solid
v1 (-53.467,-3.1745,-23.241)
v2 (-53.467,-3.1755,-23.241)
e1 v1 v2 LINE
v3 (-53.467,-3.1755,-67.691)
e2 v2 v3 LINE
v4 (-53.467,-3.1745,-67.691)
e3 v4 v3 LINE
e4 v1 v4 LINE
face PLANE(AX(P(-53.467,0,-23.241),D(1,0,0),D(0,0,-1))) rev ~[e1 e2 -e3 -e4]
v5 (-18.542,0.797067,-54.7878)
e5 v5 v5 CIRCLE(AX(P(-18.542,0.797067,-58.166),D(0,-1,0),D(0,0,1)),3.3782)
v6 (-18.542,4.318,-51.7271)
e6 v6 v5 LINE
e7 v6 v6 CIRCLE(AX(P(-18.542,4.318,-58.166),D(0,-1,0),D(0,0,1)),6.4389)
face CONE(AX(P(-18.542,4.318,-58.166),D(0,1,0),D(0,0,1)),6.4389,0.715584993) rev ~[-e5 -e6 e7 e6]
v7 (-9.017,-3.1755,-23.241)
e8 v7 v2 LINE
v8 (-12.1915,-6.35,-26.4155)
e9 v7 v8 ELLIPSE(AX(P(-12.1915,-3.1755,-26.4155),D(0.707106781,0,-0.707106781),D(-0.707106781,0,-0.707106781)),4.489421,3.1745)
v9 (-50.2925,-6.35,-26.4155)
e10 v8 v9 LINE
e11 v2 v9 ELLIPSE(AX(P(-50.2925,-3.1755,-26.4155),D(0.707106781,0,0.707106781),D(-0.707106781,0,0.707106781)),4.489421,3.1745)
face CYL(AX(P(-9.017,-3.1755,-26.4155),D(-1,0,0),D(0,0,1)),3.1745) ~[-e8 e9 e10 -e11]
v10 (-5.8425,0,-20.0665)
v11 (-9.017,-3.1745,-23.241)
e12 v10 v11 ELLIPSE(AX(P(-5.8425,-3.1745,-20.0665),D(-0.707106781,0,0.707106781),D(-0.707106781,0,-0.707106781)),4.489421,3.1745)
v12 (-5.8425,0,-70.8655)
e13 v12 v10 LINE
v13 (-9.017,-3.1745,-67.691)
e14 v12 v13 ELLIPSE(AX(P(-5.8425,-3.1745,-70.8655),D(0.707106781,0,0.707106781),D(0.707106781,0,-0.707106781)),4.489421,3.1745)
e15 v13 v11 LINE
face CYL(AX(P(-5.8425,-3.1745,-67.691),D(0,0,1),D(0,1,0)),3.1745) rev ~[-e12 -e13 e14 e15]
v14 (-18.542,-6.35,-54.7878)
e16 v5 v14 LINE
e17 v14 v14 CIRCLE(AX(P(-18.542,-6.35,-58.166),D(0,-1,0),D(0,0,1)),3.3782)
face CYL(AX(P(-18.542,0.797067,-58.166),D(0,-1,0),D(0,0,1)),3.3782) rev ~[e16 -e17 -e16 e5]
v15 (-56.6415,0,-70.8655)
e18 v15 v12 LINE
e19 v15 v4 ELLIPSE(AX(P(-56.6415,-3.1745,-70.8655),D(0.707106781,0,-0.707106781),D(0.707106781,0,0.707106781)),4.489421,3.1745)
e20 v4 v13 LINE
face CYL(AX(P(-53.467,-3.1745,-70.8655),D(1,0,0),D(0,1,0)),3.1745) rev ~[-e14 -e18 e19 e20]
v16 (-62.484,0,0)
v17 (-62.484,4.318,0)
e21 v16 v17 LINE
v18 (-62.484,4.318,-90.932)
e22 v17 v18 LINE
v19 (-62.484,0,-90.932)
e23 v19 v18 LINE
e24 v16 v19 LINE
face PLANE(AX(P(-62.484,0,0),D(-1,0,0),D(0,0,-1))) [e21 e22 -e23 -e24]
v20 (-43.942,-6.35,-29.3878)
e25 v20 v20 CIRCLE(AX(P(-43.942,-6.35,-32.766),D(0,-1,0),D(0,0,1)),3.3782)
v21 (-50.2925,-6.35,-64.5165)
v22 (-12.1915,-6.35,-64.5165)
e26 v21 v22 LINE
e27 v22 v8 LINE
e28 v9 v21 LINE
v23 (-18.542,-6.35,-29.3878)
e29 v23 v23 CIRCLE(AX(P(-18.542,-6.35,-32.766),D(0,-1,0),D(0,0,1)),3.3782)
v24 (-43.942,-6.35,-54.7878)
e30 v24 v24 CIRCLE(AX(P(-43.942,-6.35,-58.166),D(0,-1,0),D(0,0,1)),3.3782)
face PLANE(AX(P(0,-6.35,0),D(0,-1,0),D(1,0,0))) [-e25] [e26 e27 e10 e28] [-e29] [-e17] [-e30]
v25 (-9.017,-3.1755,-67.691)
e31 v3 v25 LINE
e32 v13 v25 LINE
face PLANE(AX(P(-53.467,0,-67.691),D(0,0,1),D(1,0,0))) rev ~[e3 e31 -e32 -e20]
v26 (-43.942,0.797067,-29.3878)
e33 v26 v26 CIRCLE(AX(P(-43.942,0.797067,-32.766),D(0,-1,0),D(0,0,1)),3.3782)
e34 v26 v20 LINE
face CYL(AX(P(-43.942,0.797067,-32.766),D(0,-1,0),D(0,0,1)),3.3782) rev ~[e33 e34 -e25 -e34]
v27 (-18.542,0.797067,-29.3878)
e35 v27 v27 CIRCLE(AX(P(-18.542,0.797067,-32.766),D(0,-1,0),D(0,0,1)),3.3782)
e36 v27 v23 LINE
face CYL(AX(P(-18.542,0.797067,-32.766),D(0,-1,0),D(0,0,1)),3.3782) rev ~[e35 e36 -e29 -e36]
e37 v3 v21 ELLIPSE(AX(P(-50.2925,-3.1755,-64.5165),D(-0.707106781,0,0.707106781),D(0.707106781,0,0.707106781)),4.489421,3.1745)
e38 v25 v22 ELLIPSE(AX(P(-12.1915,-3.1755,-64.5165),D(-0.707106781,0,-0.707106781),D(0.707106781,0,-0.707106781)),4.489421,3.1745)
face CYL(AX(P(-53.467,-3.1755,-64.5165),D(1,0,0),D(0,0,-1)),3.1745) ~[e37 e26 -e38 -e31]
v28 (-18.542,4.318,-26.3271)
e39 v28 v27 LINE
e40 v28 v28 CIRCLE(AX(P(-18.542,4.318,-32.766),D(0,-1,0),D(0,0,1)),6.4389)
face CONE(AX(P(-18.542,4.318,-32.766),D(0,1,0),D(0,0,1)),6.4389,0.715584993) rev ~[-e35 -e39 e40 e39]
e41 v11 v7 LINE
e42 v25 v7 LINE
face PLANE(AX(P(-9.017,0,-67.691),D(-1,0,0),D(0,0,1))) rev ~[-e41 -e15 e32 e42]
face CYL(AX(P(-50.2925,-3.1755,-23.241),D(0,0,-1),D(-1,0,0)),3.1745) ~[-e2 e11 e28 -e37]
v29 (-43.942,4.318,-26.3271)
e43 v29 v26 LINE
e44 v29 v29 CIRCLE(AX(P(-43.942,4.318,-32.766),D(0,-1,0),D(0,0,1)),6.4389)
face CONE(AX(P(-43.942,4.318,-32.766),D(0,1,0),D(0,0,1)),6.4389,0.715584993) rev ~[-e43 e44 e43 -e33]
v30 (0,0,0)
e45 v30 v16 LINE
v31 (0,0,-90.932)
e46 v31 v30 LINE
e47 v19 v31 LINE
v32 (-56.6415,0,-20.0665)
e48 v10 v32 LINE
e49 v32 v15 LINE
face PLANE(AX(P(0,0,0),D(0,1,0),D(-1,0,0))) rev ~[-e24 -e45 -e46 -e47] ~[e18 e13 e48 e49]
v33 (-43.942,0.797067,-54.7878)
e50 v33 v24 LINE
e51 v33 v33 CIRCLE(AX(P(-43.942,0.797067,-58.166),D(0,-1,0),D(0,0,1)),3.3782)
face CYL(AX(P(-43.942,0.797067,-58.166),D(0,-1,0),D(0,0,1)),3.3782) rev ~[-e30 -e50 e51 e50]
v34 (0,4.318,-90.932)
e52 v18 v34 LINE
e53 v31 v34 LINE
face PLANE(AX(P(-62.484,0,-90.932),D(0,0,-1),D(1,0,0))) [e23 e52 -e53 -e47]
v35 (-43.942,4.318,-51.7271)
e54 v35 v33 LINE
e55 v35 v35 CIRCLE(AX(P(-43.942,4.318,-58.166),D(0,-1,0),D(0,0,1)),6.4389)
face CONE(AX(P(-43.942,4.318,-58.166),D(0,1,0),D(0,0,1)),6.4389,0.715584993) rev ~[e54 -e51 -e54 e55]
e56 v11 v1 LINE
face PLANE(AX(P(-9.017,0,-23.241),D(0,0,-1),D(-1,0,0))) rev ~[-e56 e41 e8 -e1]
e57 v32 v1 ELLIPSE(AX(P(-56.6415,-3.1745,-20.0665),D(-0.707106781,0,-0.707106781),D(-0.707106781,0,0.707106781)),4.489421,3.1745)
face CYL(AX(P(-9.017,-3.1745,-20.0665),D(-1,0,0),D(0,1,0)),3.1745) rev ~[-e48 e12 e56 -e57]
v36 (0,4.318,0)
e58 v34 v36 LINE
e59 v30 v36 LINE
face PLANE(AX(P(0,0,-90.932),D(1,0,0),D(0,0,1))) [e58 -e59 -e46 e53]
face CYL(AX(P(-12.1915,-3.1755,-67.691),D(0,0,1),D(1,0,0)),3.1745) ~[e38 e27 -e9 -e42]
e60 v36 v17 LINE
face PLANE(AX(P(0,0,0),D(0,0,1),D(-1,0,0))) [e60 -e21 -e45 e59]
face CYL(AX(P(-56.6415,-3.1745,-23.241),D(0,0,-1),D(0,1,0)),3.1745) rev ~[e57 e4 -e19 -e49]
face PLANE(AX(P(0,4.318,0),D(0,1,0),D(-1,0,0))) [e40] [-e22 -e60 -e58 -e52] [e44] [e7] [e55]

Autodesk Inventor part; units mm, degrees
ref_plane "YZ Plane" through (0, 0, 0) normal (1, 0, 0) x (0, 1, 0)
ref_plane "XZ Plane" through (0, 0, 0) normal (0, 1, 0) x (-1, 0, 0)
ref_plane "XY Plane" through (0, 0, 0) normal (0, 0, 1) x (1, 0, 0)
sketch "Sketch1" plane through (0, 0, 0) normal (0, 1, 0) x (-1, 0, 0)
  line L0 (0, 0) -> (62.484, 0)
  line L1 (62.484, 0) -> (62.484, -90.932)
  line L2 (62.484, -90.932) -> (0, -90.932)
  line L3 (0, -90.932) -> (0, 0)
  dimension "d0" = 62.484
  dimension "d1" = 90.932
extrude "Extrusion1" add sketch "Sketch1" along normal blind 4.318
sketch "Sketch3" plane through (0, 0, 0) normal (0, -1, 0) x (1, 0, 0)
  line L0 (0, 0) -> (0, -90.932) projected
  line L1 (-62.484, -90.932) -> (-62.484, 0) projected
  line L2 (-62.484, 0) -> (0, 0) projected
  line L3 (0, -90.932) -> (-62.484, -90.932) projected
  line L4 (-9.017, -23.241) -> (-53.467, -23.241)
  line L5 (-53.467, -23.241) -> (-53.467, -67.691)
  line L6 (-53.467, -67.691) -> (-9.017, -67.691)
  line L7 (-9.017, -67.691) -> (-9.017, -23.241)
  line L8 (-9.017, -23.241) -> (-53.467, -67.691) construction
  line L9 (-53.467, -23.241) -> (-9.017, -67.691) construction
  point P0 (-31.242, -45.466)
  dimension "d13" = 44.45
  dimension "d14" = 44.45
extrude "Extrusion2" add sketch "Sketch3" along normal blind 6.35 contours L7 L6 L5 L4
sketch "Sketch2" plane through (0, 4.318, 0) normal (0, 1, 0) x (1, 0, 0)
  line L0 (-62.484, 90.932) -> (-62.484, 0) projected
  line L1 (-62.484, 45.466) -> (0, 45.466)
  line L2 (0, 90.932) -> (-62.484, 90.932) projected
  line L3 (-31.242, 90.932) -> (-31.242, 0)
  line L4 (-62.484, 0) -> (0, 0) projected
  line L5 (-18.542, 32.766) -> (-43.942, 32.766)
  line L6 (-43.942, 32.766) -> (-43.942, 58.166)
  line L7 (-43.942, 58.166) -> (-18.542, 58.166)
  line L8 (-18.542, 58.166) -> (-18.542, 32.766)
  line L9 (-18.542, 32.766) -> (-43.942, 58.166) construction
  line L10 (-43.942, 32.766) -> (-18.542, 58.166) construction
  point P0 (-31.242, 45.466)
  dimension "d4" = 25.4
  dimension "d5" = 25.4
hole "Hole1" at (-18.542, 4.318, -32.766) at (-43.942, 4.318, -32.766) at (-18.542, 4.318, -58.166) at (-43.942, 4.318, -58.166) direction (0, -1, 0) diameter 6.7564 depth 25.4 tip angle 118 countersink diameter 12.8778 countersink angle 82 clearance for "Flat Head Machine Screw (82)" size "1/4" standard "Ansi Unified Screw Threads"
fillet "Fillet1" radius 3.175 8 edges at (-31.242, 0, -23.241) (-31.242, -6.35, -23.241) (-31.242, -6.35, -67.691) (-31.242, 0, -67.691) (-9.017, 0, -45.466) (-53.467, 0, -45.466) (-53.467, -6.35, -45.466) (-9.017, -6.35, -45.466)
properties part number "caster adapter for mobile afl"
